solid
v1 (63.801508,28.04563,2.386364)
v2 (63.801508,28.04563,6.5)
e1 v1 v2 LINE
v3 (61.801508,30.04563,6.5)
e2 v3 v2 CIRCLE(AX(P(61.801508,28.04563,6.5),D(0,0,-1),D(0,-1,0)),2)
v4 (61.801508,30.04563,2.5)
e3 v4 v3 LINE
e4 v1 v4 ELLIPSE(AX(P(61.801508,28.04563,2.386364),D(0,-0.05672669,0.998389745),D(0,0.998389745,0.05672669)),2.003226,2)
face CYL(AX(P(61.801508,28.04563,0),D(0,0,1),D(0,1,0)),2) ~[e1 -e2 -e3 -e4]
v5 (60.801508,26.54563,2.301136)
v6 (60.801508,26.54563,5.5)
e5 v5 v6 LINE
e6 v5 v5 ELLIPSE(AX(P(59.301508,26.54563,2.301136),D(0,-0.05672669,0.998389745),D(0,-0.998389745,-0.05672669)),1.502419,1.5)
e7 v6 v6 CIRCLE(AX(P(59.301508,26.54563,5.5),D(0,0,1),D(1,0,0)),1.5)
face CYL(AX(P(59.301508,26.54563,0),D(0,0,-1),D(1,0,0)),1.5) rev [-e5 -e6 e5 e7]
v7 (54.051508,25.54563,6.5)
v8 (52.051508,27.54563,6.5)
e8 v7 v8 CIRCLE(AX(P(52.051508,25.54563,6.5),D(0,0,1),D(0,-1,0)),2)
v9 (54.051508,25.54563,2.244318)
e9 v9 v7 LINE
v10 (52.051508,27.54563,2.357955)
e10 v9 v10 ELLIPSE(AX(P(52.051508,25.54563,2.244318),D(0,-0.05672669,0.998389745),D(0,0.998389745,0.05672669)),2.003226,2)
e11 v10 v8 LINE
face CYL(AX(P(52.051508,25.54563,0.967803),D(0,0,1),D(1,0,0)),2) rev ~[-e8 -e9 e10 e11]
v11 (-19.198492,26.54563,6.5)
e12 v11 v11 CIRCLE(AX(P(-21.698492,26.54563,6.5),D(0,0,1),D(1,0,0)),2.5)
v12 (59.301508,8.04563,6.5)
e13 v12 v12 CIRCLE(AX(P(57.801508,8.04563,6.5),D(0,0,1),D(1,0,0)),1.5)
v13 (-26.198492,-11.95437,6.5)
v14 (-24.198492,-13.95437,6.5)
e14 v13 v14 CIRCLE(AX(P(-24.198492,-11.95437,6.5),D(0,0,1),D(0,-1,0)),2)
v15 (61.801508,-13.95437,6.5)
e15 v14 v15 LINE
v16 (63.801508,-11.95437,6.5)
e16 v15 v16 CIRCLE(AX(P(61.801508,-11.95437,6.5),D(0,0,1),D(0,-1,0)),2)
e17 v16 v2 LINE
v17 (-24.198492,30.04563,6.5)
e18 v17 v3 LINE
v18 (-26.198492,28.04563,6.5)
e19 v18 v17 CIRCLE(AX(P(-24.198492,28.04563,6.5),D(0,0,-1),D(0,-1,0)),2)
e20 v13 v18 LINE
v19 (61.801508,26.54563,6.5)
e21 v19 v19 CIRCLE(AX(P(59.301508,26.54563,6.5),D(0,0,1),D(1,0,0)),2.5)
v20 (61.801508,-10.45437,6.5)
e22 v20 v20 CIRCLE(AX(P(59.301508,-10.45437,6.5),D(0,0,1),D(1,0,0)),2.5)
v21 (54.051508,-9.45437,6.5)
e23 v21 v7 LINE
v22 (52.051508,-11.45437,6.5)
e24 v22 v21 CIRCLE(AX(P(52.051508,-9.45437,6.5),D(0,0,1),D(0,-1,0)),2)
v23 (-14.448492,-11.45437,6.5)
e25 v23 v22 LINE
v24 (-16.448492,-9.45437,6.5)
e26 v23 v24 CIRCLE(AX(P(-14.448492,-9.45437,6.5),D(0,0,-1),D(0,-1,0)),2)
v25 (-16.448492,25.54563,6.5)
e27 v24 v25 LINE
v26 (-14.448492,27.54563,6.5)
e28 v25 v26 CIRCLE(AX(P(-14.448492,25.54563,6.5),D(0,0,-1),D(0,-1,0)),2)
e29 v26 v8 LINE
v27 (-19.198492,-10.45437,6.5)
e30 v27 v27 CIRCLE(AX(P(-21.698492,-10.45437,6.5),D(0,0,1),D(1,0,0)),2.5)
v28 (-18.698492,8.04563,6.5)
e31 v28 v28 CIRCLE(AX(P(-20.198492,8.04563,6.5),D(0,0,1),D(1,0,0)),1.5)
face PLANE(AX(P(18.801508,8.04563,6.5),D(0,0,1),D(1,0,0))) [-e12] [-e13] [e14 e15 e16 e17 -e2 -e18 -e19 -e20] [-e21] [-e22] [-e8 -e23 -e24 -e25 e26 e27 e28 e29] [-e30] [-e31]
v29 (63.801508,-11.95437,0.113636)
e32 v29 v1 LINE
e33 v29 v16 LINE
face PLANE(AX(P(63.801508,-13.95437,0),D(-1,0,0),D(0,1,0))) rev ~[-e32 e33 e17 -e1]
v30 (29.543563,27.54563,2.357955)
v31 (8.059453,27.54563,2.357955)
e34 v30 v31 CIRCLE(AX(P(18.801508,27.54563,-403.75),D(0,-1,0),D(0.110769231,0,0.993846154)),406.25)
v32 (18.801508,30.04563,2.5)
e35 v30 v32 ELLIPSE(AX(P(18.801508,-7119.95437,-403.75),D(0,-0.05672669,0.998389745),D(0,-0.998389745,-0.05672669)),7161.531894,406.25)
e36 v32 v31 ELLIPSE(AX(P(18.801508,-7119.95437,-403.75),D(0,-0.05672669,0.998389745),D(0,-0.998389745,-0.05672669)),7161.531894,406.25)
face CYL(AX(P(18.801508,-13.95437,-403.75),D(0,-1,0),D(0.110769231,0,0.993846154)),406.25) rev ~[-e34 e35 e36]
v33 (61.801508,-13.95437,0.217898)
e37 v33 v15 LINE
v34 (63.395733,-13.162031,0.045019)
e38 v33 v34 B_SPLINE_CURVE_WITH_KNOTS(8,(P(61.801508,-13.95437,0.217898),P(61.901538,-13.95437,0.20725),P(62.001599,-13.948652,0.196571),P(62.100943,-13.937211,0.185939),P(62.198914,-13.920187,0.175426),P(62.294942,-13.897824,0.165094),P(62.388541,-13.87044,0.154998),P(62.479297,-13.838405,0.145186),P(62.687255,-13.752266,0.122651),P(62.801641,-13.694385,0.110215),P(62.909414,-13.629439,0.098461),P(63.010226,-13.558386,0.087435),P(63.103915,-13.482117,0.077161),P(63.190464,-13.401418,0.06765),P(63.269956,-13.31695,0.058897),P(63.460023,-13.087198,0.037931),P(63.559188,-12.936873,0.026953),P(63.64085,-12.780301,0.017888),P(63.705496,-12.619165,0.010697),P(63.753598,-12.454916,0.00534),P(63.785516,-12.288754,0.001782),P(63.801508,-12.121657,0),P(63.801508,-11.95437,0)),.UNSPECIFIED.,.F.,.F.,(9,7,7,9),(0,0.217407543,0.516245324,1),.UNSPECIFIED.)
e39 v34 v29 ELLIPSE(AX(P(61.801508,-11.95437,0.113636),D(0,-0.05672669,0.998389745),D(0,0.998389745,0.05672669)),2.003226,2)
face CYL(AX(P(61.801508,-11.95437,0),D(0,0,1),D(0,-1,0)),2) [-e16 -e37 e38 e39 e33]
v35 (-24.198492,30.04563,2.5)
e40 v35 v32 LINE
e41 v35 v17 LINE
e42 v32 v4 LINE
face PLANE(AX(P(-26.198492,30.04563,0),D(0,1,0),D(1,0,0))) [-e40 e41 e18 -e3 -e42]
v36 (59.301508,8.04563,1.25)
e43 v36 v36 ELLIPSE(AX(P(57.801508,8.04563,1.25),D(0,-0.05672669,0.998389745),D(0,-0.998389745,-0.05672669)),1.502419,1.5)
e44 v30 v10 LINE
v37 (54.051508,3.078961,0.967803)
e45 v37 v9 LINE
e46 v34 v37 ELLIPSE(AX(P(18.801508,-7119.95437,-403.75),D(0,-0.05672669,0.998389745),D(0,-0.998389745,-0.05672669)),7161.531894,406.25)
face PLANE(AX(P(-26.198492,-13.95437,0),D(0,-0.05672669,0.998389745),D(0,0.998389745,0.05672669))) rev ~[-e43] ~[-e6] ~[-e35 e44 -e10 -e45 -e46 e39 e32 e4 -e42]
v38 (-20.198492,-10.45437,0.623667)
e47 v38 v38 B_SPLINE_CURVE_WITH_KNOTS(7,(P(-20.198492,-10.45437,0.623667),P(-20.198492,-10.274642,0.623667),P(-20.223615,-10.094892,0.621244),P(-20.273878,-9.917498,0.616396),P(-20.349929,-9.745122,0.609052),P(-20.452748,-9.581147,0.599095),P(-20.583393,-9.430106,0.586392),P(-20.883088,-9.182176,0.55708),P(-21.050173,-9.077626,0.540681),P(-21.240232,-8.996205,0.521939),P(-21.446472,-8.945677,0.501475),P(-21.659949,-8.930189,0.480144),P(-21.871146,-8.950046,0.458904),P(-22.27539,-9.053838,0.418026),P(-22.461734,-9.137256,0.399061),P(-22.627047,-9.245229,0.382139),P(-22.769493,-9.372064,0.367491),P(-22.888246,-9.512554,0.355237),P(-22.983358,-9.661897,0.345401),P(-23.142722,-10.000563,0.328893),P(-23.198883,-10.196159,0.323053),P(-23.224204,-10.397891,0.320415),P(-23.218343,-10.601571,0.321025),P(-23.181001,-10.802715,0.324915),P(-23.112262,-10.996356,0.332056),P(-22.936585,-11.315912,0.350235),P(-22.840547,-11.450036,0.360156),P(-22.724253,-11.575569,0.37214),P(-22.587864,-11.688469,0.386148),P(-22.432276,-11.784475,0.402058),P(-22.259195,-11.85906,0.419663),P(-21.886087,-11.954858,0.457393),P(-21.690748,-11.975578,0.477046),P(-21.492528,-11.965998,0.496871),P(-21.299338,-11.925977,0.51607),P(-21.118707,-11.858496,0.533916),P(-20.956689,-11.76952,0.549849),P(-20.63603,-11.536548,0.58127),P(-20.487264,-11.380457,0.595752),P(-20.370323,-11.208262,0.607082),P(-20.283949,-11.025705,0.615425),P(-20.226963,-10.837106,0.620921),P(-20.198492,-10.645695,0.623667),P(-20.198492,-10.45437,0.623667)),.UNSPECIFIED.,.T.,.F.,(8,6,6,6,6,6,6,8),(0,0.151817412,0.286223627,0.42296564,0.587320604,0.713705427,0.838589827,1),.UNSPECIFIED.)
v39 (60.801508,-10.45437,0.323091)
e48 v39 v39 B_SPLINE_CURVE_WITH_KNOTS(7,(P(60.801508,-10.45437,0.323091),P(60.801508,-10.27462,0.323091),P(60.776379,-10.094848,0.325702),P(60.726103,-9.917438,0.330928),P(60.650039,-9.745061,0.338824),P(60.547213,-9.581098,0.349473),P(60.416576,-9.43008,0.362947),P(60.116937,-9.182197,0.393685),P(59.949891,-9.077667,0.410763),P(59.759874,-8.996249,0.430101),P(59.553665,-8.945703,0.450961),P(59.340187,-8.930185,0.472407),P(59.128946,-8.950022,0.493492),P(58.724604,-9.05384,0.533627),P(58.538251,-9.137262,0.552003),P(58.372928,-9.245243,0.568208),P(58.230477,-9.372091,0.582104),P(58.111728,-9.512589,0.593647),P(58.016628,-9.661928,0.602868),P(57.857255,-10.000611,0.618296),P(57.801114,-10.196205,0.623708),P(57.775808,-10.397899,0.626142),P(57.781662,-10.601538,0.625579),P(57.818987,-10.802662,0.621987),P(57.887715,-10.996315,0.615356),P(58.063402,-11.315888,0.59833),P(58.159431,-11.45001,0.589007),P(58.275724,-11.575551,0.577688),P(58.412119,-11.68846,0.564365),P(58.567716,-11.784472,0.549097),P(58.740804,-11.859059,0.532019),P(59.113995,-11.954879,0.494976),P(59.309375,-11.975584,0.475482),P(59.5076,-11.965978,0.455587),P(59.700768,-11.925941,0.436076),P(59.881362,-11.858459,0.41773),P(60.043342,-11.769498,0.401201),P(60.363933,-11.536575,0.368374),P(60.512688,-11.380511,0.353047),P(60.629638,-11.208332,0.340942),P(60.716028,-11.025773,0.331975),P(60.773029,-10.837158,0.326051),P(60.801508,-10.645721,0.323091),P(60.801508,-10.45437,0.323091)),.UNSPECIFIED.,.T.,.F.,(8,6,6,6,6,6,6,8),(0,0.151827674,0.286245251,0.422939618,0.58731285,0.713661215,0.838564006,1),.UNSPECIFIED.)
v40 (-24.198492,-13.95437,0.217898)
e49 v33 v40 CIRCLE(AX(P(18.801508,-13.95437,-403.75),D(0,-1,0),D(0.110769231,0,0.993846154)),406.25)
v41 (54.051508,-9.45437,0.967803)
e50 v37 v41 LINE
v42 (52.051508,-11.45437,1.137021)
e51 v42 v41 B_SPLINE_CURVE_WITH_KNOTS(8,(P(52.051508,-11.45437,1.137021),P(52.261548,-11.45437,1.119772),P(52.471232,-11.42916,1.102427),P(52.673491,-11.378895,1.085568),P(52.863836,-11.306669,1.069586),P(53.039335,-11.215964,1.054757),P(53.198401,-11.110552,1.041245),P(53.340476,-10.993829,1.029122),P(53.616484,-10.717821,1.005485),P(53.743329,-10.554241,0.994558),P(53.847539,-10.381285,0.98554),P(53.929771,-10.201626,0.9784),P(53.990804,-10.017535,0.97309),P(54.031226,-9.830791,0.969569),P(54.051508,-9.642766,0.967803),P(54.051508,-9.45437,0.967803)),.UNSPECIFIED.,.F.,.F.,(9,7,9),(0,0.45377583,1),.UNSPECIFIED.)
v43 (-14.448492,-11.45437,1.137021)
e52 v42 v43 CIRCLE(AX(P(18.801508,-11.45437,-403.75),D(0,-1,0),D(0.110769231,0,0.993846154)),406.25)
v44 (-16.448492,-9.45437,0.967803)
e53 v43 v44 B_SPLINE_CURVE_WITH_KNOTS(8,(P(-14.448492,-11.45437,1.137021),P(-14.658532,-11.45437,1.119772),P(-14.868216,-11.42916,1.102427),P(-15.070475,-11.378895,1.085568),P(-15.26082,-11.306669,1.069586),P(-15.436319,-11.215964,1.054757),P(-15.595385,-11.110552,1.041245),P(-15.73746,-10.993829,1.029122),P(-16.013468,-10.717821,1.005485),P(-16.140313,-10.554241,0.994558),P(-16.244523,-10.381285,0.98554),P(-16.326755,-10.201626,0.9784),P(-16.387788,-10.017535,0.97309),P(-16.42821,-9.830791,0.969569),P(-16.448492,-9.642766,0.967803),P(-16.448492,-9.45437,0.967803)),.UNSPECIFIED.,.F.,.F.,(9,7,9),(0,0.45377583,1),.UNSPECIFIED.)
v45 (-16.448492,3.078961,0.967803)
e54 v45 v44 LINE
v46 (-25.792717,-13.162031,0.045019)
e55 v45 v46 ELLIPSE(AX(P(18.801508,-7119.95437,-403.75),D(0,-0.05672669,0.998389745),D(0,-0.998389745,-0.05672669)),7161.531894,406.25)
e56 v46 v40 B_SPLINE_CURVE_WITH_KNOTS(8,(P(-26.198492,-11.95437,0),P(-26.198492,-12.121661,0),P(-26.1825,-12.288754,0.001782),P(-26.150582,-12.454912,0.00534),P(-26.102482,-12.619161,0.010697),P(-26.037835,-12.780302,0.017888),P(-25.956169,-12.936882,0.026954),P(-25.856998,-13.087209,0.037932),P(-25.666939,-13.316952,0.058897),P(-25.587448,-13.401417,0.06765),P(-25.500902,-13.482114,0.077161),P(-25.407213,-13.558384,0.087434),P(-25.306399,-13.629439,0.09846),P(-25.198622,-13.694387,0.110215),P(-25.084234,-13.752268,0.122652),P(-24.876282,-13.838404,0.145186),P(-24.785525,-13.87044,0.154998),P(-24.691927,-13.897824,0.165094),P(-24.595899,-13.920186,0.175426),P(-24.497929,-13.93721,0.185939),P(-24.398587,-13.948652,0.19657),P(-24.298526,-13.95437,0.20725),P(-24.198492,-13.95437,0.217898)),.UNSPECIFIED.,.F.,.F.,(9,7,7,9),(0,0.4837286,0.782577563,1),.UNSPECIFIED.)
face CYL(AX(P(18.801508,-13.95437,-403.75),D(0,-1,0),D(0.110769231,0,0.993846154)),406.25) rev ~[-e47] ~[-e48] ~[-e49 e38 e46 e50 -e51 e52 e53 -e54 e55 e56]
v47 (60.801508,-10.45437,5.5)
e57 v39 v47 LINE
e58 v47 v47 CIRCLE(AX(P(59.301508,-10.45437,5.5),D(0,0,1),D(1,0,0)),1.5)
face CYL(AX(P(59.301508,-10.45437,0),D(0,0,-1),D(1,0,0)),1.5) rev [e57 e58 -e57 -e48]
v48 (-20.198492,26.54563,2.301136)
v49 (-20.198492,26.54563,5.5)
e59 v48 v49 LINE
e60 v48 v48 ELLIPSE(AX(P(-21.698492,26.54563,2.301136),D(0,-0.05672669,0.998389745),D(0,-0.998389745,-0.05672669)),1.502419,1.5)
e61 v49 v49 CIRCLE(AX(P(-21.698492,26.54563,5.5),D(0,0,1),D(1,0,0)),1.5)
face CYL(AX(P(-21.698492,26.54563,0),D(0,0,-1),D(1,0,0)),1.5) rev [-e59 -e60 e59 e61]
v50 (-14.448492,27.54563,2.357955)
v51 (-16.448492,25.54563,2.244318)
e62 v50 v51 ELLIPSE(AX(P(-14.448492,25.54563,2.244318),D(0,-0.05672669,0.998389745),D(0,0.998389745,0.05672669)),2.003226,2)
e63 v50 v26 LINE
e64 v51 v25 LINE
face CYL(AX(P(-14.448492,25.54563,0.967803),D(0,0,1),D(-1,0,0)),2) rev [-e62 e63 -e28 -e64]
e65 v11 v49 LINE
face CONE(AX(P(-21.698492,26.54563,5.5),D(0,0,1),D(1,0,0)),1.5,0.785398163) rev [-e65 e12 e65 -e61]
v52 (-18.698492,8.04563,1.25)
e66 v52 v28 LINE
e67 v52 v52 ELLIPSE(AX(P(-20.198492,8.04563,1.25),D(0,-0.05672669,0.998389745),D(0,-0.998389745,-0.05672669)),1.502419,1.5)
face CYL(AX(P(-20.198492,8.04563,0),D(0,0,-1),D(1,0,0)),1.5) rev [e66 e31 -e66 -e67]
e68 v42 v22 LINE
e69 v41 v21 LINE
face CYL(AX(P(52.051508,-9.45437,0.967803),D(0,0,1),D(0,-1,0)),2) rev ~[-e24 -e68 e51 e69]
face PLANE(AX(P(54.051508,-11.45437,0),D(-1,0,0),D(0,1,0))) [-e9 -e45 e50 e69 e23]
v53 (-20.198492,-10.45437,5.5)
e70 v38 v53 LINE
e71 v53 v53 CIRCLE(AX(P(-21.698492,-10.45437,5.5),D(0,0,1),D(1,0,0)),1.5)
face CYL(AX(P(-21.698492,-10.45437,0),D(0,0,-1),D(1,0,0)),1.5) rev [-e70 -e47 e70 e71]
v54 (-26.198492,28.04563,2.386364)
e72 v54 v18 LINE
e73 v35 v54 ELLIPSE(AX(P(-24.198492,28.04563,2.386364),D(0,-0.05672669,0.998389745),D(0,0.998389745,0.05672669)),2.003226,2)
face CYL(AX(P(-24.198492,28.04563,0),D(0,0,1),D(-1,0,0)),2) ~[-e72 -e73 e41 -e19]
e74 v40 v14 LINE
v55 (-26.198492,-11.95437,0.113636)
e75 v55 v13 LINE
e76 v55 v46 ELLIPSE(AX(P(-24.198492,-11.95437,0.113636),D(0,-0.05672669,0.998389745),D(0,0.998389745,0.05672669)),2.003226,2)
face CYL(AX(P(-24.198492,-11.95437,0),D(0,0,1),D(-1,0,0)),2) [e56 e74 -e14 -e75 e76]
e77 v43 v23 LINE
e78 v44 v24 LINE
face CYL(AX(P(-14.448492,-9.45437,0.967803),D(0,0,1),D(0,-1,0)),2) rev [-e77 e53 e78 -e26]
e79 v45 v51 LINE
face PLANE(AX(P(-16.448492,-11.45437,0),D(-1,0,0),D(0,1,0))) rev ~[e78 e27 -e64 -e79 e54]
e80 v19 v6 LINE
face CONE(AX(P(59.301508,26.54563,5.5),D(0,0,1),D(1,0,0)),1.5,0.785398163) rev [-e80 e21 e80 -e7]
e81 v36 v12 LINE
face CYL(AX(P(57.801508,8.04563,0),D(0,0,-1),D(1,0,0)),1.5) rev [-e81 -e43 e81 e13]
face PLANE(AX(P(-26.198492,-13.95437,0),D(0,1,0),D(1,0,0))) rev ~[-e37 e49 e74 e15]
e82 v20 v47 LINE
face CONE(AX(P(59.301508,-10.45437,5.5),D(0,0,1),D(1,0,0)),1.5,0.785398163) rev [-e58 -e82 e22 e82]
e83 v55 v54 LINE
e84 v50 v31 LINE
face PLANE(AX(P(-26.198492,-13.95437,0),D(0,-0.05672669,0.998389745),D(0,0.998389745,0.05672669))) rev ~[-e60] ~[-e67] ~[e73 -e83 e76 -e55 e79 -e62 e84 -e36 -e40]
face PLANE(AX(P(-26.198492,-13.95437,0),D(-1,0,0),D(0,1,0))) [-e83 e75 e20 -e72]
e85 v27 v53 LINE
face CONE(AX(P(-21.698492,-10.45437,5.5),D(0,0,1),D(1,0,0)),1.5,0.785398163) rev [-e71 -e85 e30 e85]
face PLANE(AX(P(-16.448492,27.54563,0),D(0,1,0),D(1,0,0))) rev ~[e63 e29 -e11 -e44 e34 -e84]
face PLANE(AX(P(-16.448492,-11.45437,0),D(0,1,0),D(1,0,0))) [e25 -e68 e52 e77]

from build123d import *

# Parameters (mm, degrees)
F0_W     = 90
F0_H     = 44
F0_R     = 1.5
F0_W_2   = 70.5
F0_H_2   = 39
F1_DEPTH = 6.5
F3_DEPTH = 44.001
F4_SIZE  = 1
F6_R     = 2
F7_DEPTH = 90.001


with BuildPart() as f1:
    # F0 (on Top) → F1 (new body)
    with BuildSketch(Plane.XY):
        with Locations((18.801508, 8.04563)):
            Rectangle(F0_W, F0_H)
        with Locations((-21.698492, -10.45437)):
            Circle(F0_R, mode=Mode.SUBTRACT)
        with Locations((-20.198492, 8.04563)):
            Circle(F0_R, mode=Mode.SUBTRACT)
        with Locations((59.301508, -10.45437)):
            Circle(F0_R, mode=Mode.SUBTRACT)
        with Locations((57.801508, 8.04563)):
            Circle(F0_R, mode=Mode.SUBTRACT)
        with Locations((18.801508, 8.04563)):
            Rectangle(F0_W_2, F0_H_2, mode=Mode.SUBTRACT)
        with Locations((-21.698492, 26.54563)):
            Circle(F0_R, mode=Mode.SUBTRACT)
        with Locations((59.301508, 26.54563)):
            Circle(F0_R, mode=Mode.SUBTRACT)
    extrude(amount=F1_DEPTH)

    # F2 (on face) → F3 (cut, through all)
    with BuildSketch(Plane.XZ.offset(13.95437)):
        with BuildLine():
            ThreePointArc((63.801508, 0), (18.801508, 2.5), (-26.198492, 0))
            Line((-26.198492, 0), (63.801508, 0))
        make_face()
    extrude(amount=-F3_DEPTH, mode=Mode.SUBTRACT)

    # F4
    f4_edges = [f1.edges().sort_by_distance(p)[0] for p in [
        (57.801508, 26.54563, 6.5),
        (-23.198492, 26.54563, 6.5),
        (-23.198492, -10.45437, 6.5),
        (57.801508, -10.45437, 6.5),
    ]]
    chamfer(f4_edges, length=F4_SIZE)

    # F6
    f6_edges = [f1.edges().sort_by_distance(p)[0] for p in [
        (-16.448492, 27.54563, 3.733901),
        (54.051508, 27.54563, 3.733901),
        (54.051508, -11.45437, 3.733901),
        (-16.448492, -11.45437, 3.733901),
        (63.801508, 30.04563, 3.25),
        (63.801508, -13.95437, 3.25),
        (-26.198492, 30.04563, 3.25),
        (-26.198492, -13.95437, 3.25),
    ]]
    fillet(f6_edges, radius=F6_R)

    # F5 (on face) → F7 (cut, through all)
    with BuildSketch(Plane(origin=(-26.198492, 0, 0), x_dir=(0, -1, 0), z_dir=(-1, 0, 0))):
        Polygon((13.95437, 0), (-30.04563, 2.5), (-30.04563, 0), align=None)
    extrude(amount=-F7_DEPTH, mode=Mode.SUBTRACT)


solid = f1.part
